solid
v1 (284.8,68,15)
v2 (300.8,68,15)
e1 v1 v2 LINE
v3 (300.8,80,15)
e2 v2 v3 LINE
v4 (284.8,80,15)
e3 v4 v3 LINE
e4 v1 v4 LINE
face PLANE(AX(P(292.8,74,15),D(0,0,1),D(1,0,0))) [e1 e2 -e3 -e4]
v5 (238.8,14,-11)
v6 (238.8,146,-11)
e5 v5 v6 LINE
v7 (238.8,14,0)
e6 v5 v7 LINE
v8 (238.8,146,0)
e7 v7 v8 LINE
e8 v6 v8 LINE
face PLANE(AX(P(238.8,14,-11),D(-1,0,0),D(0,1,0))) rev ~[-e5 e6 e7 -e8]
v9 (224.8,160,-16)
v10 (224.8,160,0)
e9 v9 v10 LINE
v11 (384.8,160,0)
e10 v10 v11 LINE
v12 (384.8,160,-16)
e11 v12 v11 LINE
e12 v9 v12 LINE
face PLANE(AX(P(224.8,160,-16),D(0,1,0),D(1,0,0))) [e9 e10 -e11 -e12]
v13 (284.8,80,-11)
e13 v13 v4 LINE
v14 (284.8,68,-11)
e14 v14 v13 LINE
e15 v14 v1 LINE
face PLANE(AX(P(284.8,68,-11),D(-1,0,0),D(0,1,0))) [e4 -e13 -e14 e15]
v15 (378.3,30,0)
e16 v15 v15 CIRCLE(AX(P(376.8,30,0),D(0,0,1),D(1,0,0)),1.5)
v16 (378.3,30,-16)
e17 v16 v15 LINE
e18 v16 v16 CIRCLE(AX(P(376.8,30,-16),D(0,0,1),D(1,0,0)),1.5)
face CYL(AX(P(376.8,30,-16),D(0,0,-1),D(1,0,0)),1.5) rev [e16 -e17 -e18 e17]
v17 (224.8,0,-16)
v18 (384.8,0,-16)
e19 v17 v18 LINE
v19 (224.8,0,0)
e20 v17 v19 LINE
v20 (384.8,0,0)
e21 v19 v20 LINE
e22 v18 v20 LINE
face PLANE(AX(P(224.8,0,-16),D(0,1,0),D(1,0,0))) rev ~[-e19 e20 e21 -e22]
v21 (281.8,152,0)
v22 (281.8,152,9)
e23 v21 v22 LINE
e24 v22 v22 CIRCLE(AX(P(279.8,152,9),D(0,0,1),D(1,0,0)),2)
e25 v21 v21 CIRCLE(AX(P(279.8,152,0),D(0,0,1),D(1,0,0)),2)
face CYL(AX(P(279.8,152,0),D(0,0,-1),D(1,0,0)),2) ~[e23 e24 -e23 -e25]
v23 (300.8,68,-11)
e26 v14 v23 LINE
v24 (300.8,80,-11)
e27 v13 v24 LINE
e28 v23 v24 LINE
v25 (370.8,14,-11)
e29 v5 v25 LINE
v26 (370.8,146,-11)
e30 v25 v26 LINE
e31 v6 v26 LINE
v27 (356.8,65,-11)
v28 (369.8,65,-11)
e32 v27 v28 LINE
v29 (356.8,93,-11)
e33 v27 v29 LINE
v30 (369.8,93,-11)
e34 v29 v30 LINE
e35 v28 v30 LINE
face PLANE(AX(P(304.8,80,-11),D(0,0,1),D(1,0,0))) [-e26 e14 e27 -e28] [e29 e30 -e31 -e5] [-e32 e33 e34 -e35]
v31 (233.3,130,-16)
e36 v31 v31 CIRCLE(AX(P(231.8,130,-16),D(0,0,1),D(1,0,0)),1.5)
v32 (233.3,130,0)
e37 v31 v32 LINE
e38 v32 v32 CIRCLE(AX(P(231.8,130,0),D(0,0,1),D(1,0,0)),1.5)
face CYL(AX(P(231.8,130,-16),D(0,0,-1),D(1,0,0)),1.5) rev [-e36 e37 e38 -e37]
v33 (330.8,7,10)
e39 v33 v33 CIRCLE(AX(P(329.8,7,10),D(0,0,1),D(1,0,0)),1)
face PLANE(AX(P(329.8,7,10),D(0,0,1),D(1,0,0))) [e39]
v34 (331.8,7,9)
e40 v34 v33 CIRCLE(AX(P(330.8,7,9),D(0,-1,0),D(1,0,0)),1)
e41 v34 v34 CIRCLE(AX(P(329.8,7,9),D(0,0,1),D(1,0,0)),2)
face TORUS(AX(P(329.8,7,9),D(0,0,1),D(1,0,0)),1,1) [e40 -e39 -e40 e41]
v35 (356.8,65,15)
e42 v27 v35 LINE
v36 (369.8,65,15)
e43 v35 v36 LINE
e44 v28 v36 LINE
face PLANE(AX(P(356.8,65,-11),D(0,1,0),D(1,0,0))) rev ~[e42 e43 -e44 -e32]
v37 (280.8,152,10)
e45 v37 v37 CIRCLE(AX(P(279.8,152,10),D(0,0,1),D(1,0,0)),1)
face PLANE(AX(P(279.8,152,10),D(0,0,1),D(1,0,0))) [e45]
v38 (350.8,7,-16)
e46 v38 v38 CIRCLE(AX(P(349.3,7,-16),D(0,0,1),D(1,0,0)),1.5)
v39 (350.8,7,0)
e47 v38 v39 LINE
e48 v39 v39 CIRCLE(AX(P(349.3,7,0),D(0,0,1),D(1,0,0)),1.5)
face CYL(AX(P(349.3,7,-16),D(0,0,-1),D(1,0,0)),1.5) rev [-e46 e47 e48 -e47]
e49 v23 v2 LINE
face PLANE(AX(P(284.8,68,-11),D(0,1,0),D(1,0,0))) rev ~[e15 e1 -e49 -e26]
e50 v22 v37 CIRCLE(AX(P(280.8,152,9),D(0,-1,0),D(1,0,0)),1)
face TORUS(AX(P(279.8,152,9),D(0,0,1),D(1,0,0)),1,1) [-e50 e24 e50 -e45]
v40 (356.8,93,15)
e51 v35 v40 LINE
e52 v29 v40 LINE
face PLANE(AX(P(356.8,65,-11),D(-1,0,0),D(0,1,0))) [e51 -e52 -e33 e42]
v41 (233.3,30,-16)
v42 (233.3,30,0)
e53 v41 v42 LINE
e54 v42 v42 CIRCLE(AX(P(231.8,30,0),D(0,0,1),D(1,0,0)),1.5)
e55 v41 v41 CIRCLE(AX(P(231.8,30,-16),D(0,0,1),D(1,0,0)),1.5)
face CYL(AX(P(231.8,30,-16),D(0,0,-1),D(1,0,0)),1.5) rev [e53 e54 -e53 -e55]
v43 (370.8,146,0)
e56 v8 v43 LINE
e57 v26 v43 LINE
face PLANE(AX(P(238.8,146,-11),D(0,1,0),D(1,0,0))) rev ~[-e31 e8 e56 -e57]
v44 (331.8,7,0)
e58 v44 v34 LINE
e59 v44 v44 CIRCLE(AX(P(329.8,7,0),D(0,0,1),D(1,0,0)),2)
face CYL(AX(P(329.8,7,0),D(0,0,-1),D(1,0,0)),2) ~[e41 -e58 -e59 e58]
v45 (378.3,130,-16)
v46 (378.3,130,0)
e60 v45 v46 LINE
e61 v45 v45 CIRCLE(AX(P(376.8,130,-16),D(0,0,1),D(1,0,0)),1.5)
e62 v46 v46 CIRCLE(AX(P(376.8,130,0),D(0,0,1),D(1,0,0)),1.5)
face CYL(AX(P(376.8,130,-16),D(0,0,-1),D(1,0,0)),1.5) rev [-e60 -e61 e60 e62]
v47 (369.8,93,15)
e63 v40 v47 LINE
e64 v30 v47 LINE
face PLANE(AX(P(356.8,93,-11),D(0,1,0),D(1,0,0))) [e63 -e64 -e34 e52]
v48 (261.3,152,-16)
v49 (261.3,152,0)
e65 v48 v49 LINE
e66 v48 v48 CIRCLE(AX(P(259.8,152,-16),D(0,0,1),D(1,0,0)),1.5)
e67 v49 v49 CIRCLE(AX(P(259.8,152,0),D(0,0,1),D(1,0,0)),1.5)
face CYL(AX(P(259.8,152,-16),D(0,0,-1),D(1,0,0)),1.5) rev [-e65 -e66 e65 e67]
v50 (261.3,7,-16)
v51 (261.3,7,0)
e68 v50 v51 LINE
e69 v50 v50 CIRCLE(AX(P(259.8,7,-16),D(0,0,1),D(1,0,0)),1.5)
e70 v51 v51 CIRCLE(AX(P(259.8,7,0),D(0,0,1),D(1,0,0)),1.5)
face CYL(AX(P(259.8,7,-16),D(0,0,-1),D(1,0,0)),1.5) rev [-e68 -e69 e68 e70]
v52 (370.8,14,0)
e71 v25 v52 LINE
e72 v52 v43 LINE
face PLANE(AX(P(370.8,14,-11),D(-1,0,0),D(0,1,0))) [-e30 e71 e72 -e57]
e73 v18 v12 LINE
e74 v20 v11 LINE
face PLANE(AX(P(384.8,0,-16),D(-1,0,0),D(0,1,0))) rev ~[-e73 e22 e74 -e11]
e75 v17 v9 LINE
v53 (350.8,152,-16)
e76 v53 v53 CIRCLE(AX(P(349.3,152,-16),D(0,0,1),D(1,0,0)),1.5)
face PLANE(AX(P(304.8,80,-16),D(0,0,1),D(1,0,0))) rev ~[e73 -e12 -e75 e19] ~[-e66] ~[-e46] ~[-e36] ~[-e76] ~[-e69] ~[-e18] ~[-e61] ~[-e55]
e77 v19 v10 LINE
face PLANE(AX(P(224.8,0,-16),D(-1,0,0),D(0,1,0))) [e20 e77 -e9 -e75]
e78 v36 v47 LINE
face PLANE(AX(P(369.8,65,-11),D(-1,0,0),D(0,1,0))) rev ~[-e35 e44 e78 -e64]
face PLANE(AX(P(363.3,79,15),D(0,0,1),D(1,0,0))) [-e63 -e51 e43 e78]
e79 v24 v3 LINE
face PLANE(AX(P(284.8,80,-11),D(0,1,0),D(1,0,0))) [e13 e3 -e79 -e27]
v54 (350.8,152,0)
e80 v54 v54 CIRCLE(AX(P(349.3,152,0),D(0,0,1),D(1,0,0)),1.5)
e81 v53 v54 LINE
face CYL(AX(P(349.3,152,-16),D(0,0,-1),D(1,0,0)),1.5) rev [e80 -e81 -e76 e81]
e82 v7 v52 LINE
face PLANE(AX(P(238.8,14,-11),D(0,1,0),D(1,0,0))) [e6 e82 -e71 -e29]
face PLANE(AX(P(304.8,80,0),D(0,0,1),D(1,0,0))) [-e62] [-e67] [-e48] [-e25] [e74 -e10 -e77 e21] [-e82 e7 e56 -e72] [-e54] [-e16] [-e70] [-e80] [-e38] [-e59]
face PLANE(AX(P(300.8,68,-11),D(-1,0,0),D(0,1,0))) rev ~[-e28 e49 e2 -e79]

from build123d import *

# Parameters (mm, degrees)
CYLINDER009_R     = 2
CYLINDER009_DEPTH = 10
FILLET_R          = 1
CYLINDER008_R     = 2
CYLINDER008_DEPTH = 10
FILLET001_R       = 1
BOX002_W          = 16
BOX002_H          = 12
BOX002_DEPTH      = 26
BOX003_W          = 13
BOX003_H          = 28
BOX003_DEPTH      = 26
CYLINDER_R        = 1.5
CYLINDER_DEPTH    = 16
CYLINDER001_R     = 1.5
CYLINDER001_DEPTH = 16
CYLINDER002_R     = 1.5
CYLINDER002_DEPTH = 16
CYLINDER003_R     = 1.5
CYLINDER003_DEPTH = 16
CYLINDER004_R     = 1.5
CYLINDER004_DEPTH = 16
CYLINDER005_R     = 1.5
CYLINDER005_DEPTH = 16
CYLINDER006_R     = 1.5
CYLINDER006_DEPTH = 16
CYLINDER007_R     = 1.5
CYLINDER007_DEPTH = 16
BOX001_W          = 132
BOX001_H          = 132
BOX001_DEPTH      = 11
BOX_W             = 160
BOX_H             = 160
BOX_DEPTH         = 16


with BuildPart() as fillet_body:
    # Cylinder009 → Cylinder009 (new body)
    with BuildSketch(Plane(origin=(55, 152, 16), x_dir=(1, 0, 0), z_dir=(0, 0, 1))):
        Circle(CYLINDER009_R)
    extrude(amount=CYLINDER009_DEPTH)

    # Fillet
    fillet_edges = [fillet_body.edges().sort_by_distance(p)[0] for p in [
        (53, 152, 26),
    ]]
    fillet(fillet_edges, radius=FILLET_R)


with BuildPart() as fillet001:
    # Cylinder008 → Cylinder008 (new body)
    with BuildSketch(Plane(origin=(105, 7, 16), x_dir=(1, 0, 0), z_dir=(0, 0, 1))):
        Circle(CYLINDER008_R)
    extrude(amount=CYLINDER008_DEPTH)

    # Fillet001
    fillet001_edges = [fillet001.edges().sort_by_distance(p)[0] for p in [
        (103, 7, 26),
    ]]
    fillet(fillet001_edges, radius=FILLET001_R)


with BuildPart() as cube002:
    # Box002 → Box002 (new body)
    with BuildSketch(Plane(origin=(60, 68, 5), x_dir=(1, 0, 0), z_dir=(0, 0, 1))):
        with Locations((8, 6)):
            Rectangle(BOX002_W, BOX002_H)
    extrude(amount=BOX002_DEPTH)


with BuildPart() as cube003:
    # Box003 → Box003 (new body)
    with BuildSketch(Plane(origin=(132, 65, 5), x_dir=(1, 0, 0), z_dir=(0, 0, 1))):
        with Locations((6.5, 14)):
            Rectangle(BOX003_W, BOX003_H)
    extrude(amount=BOX003_DEPTH)


with BuildPart() as cylinder:
    # Cylinder → Cylinder (new body)
    with BuildSketch(Plane(origin=(35, 7, 0), x_dir=(1, 0, 0), z_dir=(0, 0, 1))):
        Circle(CYLINDER_R)
    extrude(amount=CYLINDER_DEPTH)


with BuildPart() as cylinder001:
    # Cylinder001 → Cylinder001 (new body)
    with BuildSketch(Plane(origin=(124.5, 7, 0), x_dir=(1, 0, 0), z_dir=(0, 0, 1))):
        Circle(CYLINDER001_R)
    extrude(amount=CYLINDER001_DEPTH)


with BuildPart() as cylinder002:
    # Cylinder002 → Cylinder002 (new body)
    with BuildSketch(Plane(origin=(35, 152, 0), x_dir=(1, 0, 0), z_dir=(0, 0, 1))):
        Circle(CYLINDER002_R)
    extrude(amount=CYLINDER002_DEPTH)


with BuildPart() as cylinder003:
    # Cylinder003 → Cylinder003 (new body)
    with BuildSketch(Plane(origin=(124.5, 152, 0), x_dir=(1, 0, 0), z_dir=(0, 0, 1))):
        Circle(CYLINDER003_R)
    extrude(amount=CYLINDER003_DEPTH)


with BuildPart() as cylinder004:
    # Cylinder004 → Cylinder004 (new body)
    with BuildSketch(Plane(origin=(7, 30, 0), x_dir=(1, 0, 0), z_dir=(0, 0, 1))):
        Circle(CYLINDER004_R)
    extrude(amount=CYLINDER004_DEPTH)


with BuildPart() as cylinder005:
    # Cylinder005 → Cylinder005 (new body)
    with BuildSketch(Plane(origin=(7, 130, 0), x_dir=(1, 0, 0), z_dir=(0, 0, 1))):
        Circle(CYLINDER005_R)
    extrude(amount=CYLINDER005_DEPTH)


with BuildPart() as cylinder006:
    # Cylinder006 → Cylinder006 (new body)
    with BuildSketch(Plane(origin=(152, 30, 0), x_dir=(1, 0, 0), z_dir=(0, 0, 1))):
        Circle(CYLINDER006_R)
    extrude(amount=CYLINDER006_DEPTH)


with BuildPart() as anchor_holes:
    # Cylinder007 → Cylinder007 (new body)
    with BuildSketch(Plane(origin=(152, 130, 0), x_dir=(1, 0, 0), z_dir=(0, 0, 1))):
        Circle(CYLINDER007_R)
    extrude(amount=CYLINDER007_DEPTH)

    # Fusion: union Cylinder, Cylinder001, Cylinder002, Cylinder003, Cylinder004, Cylinder005, Cylinder006
    add(cylinder.part)
    add(cylinder001.part)
    add(cylinder002.part)
    add(cylinder003.part)
    add(cylinder004.part)
    add(cylinder005.part)
    add(cylinder006.part)


with BuildPart() as cube001:
    # Box001 → Box001 (new body)
    with BuildSketch(Plane(origin=(14, 14, 5), x_dir=(1, 0, 0), z_dir=(0, 0, 1))):
        with Locations((66, 66)):
            Rectangle(BOX001_W, BOX001_H)
    extrude(amount=BOX001_DEPTH)


with BuildPart() as led_array:
    # Box → Box (new body)
    with BuildSketch(Plane.XY):
        with Locations((80, 80)):
            Rectangle(BOX_W, BOX_H)
    extrude(amount=BOX_DEPTH)

    # Cut: cut Cube001
    add(cube001.part, mode=Mode.SUBTRACT)

    # Cut001: cut Anchor Holes
    add(anchor_holes.part, mode=Mode.SUBTRACT)

    # Fusion001: union Cube002, Cube003
    add(cube002.part)
    add(cube003.part)

    # Fusion002: union Fillet body, Fillet001
    add(fillet_body.part)
    add(fillet001.part)


with BuildPart() as led_array_1:
    # Fusion002 placement: moved
    add(led_array.part.moved(Location((224.8, 0, -16))))


solid = led_array_1.part
